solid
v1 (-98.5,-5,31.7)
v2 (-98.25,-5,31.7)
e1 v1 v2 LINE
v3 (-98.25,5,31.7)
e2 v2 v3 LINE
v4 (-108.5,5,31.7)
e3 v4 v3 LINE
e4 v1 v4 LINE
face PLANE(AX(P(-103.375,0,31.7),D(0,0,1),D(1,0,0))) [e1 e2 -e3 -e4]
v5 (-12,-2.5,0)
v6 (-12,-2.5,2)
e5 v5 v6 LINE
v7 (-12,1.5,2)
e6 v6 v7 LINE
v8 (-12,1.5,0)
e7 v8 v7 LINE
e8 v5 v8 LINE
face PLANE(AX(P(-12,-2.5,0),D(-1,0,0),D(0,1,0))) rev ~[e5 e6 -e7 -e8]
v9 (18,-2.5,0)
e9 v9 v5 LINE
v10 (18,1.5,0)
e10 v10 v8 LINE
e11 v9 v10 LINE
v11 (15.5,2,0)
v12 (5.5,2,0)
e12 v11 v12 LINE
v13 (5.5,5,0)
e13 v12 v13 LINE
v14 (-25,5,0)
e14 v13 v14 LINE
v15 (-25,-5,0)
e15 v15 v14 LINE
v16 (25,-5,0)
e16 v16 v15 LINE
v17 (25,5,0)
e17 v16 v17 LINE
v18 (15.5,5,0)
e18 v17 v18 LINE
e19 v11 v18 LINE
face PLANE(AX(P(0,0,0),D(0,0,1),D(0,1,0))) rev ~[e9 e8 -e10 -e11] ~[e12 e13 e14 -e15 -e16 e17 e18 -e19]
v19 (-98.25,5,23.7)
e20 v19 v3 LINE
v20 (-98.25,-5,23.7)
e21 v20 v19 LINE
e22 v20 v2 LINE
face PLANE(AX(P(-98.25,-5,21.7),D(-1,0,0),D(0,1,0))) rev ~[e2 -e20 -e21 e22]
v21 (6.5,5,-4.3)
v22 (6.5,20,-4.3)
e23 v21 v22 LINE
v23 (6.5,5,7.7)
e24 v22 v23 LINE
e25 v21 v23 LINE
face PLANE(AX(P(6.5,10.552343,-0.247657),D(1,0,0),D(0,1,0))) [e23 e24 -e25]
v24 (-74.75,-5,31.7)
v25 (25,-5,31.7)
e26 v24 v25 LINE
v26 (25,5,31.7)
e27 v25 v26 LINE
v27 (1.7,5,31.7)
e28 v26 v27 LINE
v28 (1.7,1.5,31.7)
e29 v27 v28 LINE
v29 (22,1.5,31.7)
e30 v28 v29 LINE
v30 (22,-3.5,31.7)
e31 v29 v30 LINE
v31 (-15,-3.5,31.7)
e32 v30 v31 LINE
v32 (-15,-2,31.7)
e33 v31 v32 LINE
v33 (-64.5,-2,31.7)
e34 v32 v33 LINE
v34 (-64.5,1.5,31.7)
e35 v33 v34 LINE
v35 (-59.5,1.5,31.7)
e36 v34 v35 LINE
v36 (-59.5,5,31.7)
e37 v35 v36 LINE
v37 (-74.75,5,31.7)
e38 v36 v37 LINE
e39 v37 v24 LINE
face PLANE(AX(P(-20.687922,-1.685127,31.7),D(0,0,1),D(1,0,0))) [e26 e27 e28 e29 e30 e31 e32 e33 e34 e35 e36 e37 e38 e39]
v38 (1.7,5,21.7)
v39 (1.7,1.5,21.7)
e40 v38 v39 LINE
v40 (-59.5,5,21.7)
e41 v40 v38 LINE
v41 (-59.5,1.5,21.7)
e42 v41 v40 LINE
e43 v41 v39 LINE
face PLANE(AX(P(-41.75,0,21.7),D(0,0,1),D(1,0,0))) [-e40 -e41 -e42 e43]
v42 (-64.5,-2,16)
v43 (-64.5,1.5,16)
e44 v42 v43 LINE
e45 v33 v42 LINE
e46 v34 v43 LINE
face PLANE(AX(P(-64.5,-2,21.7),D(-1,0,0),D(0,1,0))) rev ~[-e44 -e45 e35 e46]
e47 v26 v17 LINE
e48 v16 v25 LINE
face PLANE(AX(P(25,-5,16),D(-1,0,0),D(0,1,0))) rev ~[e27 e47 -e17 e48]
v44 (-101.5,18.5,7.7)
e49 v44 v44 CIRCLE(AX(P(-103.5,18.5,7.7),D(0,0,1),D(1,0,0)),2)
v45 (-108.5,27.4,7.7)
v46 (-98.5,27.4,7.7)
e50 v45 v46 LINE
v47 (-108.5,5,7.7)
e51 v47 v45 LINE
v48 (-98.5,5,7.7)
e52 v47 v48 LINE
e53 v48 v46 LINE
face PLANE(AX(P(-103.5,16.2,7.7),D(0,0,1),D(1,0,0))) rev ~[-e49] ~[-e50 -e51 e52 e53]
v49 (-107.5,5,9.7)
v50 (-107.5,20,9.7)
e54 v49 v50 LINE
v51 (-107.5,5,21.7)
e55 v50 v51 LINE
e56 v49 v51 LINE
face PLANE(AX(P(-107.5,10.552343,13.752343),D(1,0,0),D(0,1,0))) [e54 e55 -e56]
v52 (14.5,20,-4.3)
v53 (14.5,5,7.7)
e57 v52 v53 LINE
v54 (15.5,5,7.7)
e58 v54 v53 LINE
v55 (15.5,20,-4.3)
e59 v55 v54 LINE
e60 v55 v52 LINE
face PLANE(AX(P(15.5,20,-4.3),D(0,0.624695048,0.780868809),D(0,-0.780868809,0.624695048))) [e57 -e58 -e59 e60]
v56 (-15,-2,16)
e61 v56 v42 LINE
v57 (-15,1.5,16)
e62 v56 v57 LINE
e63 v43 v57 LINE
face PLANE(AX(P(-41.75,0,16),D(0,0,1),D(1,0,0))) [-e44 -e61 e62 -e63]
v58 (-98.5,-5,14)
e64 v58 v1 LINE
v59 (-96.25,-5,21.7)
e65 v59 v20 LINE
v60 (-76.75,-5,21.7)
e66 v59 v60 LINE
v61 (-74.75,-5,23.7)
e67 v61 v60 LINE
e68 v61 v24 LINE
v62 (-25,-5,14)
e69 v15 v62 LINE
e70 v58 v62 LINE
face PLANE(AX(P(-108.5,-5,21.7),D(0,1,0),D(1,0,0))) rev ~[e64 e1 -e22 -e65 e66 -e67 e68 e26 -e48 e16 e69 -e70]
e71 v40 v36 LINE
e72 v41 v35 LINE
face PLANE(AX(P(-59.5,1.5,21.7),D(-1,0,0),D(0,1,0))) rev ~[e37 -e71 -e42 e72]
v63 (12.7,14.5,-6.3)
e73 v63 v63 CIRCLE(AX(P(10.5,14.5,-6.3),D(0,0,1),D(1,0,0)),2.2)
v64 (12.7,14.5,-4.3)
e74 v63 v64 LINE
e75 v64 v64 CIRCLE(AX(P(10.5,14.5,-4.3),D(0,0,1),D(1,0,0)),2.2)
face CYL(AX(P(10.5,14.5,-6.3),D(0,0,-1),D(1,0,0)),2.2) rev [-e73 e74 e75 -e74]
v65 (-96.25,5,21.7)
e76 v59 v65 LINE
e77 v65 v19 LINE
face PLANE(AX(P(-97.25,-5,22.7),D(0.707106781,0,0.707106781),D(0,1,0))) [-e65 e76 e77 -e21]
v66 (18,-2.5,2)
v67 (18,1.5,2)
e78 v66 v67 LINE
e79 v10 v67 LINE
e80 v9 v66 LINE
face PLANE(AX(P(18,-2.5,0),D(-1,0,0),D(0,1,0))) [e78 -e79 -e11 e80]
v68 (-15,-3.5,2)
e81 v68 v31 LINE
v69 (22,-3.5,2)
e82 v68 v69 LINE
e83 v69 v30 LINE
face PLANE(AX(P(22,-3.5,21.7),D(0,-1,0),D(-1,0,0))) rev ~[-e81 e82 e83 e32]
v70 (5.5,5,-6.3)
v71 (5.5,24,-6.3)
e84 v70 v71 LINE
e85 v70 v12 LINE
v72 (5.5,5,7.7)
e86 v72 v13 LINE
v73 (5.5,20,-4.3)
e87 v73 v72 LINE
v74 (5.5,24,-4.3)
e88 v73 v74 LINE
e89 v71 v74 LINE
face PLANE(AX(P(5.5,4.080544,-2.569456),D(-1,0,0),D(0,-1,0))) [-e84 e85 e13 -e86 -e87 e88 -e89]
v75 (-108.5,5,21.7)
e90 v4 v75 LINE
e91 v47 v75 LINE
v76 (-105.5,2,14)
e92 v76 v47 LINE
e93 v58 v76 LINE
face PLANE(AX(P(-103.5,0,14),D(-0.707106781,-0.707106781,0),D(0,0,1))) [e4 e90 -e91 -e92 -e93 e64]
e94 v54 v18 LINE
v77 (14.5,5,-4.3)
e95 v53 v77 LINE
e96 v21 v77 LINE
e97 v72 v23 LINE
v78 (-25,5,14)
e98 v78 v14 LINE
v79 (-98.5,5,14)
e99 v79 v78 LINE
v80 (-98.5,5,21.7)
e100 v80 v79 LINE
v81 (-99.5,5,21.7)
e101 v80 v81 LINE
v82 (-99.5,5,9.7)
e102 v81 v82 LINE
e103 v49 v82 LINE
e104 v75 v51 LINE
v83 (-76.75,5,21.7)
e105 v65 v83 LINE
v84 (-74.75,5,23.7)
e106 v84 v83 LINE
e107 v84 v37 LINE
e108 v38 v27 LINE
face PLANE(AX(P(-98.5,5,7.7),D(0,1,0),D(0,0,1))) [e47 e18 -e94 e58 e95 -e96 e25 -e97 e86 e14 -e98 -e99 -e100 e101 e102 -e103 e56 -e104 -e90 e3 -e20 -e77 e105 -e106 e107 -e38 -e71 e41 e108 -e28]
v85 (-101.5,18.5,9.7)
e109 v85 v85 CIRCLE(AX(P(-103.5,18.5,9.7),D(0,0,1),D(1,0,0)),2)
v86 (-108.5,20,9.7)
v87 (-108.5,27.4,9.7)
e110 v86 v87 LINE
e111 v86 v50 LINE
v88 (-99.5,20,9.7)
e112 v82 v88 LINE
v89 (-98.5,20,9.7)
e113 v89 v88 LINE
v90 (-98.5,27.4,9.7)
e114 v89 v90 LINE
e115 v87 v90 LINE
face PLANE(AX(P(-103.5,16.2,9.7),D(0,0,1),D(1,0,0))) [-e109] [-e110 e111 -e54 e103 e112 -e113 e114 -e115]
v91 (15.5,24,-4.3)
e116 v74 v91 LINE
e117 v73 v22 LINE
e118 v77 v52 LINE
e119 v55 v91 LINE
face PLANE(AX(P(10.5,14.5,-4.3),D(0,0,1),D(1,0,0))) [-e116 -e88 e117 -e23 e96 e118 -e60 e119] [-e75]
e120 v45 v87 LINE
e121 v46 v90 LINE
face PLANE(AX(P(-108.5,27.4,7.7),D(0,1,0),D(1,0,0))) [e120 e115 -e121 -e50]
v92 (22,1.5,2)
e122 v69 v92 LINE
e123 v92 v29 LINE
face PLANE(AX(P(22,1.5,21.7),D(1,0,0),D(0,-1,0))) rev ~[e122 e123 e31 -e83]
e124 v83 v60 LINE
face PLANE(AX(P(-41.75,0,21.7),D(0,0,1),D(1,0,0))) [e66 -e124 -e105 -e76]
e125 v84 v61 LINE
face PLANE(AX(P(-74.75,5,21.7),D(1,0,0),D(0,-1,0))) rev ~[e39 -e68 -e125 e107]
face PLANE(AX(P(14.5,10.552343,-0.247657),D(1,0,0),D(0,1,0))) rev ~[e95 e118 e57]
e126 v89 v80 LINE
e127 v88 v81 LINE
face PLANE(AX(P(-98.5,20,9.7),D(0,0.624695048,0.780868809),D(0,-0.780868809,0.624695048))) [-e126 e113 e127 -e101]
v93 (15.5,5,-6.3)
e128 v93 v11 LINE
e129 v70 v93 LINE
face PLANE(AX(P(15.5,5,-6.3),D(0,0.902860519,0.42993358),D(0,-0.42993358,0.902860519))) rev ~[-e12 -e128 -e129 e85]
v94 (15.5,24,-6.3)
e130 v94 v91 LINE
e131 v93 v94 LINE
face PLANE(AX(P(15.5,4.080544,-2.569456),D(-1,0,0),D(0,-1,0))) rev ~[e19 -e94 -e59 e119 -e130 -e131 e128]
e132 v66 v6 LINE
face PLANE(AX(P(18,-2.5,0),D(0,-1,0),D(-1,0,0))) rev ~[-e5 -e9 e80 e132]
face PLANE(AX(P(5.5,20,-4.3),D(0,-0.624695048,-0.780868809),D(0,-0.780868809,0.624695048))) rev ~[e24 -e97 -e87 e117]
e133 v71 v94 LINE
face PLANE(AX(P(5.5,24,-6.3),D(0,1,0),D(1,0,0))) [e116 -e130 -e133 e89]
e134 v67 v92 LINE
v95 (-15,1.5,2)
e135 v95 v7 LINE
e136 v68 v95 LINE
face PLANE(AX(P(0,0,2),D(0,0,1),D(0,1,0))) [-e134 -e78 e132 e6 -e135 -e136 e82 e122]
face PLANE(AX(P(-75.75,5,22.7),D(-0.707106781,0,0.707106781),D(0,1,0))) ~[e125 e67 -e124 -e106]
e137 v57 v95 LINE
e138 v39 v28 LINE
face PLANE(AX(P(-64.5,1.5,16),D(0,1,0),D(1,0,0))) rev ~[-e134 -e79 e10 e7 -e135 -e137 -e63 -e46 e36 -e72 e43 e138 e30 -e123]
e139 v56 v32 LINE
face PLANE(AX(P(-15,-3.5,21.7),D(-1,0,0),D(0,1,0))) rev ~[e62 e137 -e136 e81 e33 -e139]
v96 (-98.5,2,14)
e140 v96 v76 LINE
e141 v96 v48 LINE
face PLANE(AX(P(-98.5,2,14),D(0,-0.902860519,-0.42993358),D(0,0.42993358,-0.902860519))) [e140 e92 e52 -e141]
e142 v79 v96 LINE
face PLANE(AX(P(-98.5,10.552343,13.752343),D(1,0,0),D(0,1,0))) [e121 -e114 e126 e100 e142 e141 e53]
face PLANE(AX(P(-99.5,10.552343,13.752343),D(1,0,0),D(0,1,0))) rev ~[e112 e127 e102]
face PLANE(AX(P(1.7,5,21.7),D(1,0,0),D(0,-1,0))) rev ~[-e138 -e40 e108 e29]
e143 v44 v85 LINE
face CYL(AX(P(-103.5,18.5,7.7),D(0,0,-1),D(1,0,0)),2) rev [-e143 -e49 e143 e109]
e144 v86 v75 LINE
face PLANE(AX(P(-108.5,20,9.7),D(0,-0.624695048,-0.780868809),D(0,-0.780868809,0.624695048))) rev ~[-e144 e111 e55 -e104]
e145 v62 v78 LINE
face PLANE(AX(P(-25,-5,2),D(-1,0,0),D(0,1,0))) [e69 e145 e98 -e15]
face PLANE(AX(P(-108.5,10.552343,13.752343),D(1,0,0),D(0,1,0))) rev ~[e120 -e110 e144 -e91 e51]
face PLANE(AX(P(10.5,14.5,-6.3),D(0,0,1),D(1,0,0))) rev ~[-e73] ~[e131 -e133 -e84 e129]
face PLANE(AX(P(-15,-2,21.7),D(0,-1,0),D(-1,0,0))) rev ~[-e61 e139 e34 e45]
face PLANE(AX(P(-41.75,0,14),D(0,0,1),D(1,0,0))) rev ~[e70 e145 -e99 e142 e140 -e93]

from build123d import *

# Parameters (mm, degrees)
SKETCH1_W            = 10
SKETCH1_H            = 50
SKETCH1_W_2          = 4
SKETCH1_H_2          = 30
BOSS_EXTRUDE1_DEPTH  = 2
SKETCH2_W            = 50
SKETCH2_H            = 10
SKETCH2_W_2          = 37
SKETCH2_H_2          = 5
BOSS_EXTRUDE2_DEPTH  = 12
SKETCH6_W            = 133.5
SKETCH6_H            = 10
SKETCH6_W_2          = 37
SKETCH6_H_2          = 5
BOSS_EXTRUDE7_DEPTH  = 2
SKETCH3_W            = 133.5
SKETCH3_H            = 10
BOSS_EXTRUDE3_DEPTH  = 5.7
SKETCH4_W            = 10.25
SKETCH4_H            = 10
BOSS_EXTRUDE4_DEPTH  = 10
CHAMFER1_SIZE        = 2
BOSS_EXTRUDE5_START  = -38
SKETCH5_W            = 10
SKETCH5_H            = 19
SKETCH5_R            = 2.2
BOSS_EXTRUDE5_DEPTH  = 2
BOSS_EXTRUDE6_START  = -24
SKETCH5_3_W          = 10
SKETCH5_3_H          = 22.4
SKETCH5_3_R          = 2
BOSS_EXTRUDE6_DEPTH  = 2
BOSS_EXTRUDE8_DEPTH  = 1
BOSS_EXTRUDE9_START  = -10
BOSS_EXTRUDE9_DEPTH  = 1
BOSS_EXTRUDE10_DEPTH = 1
BOSS_EXTRUDE11_START = -10
BOSS_EXTRUDE11_DEPTH = 1
BOSS_EXTRUDE12_START = -9.5
BOSS_EXTRUDE12_DEPTH = 10
BOSS_EXTRUDE13_DEPTH = 10
CHAMFER2_SIZE        = 10


with BuildPart() as part:
    # Sketch1 → Boss-Extrude1 (new body)
    with BuildSketch(Plane(origin=(0, 0, 0), x_dir=(0, 1, 0), z_dir=(0, 0, 1))):
        Rectangle(SKETCH1_W, SKETCH1_H)
        with Locations((-0.5, -3)):
            Rectangle(SKETCH1_W_2, SKETCH1_H_2, mode=Mode.SUBTRACT)
    extrude(amount=BOSS_EXTRUDE1_DEPTH)

    # Sketch2 → Boss-Extrude2 (add)
    with BuildSketch(Plane.XY.offset(2)):
        Rectangle(SKETCH2_W, SKETCH2_H)
        with Locations((3.5, -1)):
            Rectangle(SKETCH2_W_2, SKETCH2_H_2, mode=Mode.SUBTRACT)
    extrude(amount=BOSS_EXTRUDE2_DEPTH)

    # Sketch6 → Boss-Extrude7 (add)
    with BuildSketch(Plane.XY.offset(14)):
        with Locations((-41.75, 0)):
            Rectangle(SKETCH6_W, SKETCH6_H)
        with Locations((3.5, -1)):
            Rectangle(SKETCH6_W_2, SKETCH6_H_2, mode=Mode.SUBTRACT)
    extrude(amount=BOSS_EXTRUDE7_DEPTH)

    # Sketch3 → Boss-Extrude3 (add)
    with BuildSketch(Plane.XY.offset(16)):
        with Locations((-41.75, 0)):
            Rectangle(SKETCH3_W, SKETCH3_H)
        Polygon((22, -3.5), (-15, -3.5), (-15, -2), (-64.5, -2), (-64.5, 1.5), (22, 1.5), align=None, mode=Mode.SUBTRACT)
    extrude(amount=BOSS_EXTRUDE3_DEPTH)

    # Sketch4 → Boss-Extrude4 (add)
    with BuildSketch(Plane.XY.offset(21.7)):
        with Locations((-103.375, 0)):
            Rectangle(SKETCH4_W, SKETCH4_H)
        Polygon((-64.5, -2), (-64.5, 1.5), (-59.5, 1.5), (-59.5, 5), (-74.75, 5), (-74.75, -5), (25, -5), (25, 5), (1.7, 5), (1.7, 1.5), (22, 1.5), (22, -3.5), (-15, -3.5), (-15, -2), align=None)
    extrude(amount=BOSS_EXTRUDE4_DEPTH)

    # Chamfer1
    chamfer1_edges = [part.edges().sort_by_distance(p)[0] for p in [
        (-98.25, 0, 21.7),
        (-74.75, 0, 21.7),
    ]]
    chamfer(chamfer1_edges, length=CHAMFER1_SIZE)



with BuildPart() as body_2:
    # Sketch5 → Boss-Extrude5 (new body)
    with BuildSketch(Plane.XY.offset(31.7).offset(BOSS_EXTRUDE5_START)):
        with Locations((10.5, 14.5)):
            Rectangle(SKETCH5_W, SKETCH5_H)
        with Locations((10.5, 14.5)):
            Circle(SKETCH5_R, mode=Mode.SUBTRACT)
    extrude(amount=BOSS_EXTRUDE5_DEPTH)


with BuildPart() as body_3:
    # Sketch5<3> → Boss-Extrude6 (new body)
    with BuildSketch(Plane.XY.offset(31.7).offset(BOSS_EXTRUDE6_START)):
        with Locations((-103.5, 16.2)):
            Rectangle(SKETCH5_3_W, SKETCH5_3_H)
        with Locations((-103.5, 18.5)):
            Circle(SKETCH5_3_R, mode=Mode.SUBTRACT)
    extrude(amount=BOSS_EXTRUDE6_DEPTH)


with BuildPart() as part_1:
    add(part.part)

    add(body_2.part)  # Boss-Extrude8 merges body 2
    # Sketch7 → Boss-Extrude8 (add)
    with BuildSketch(Plane.YZ.offset(15.5)):
        Polygon((5, -4.3), (20, -4.3), (5, 7.7), align=None)
    extrude(amount=-BOSS_EXTRUDE8_DEPTH)

    # Sketch7<2> → Boss-Extrude9 (add)
    with BuildSketch(Plane.YZ.offset(15.5).offset(BOSS_EXTRUDE9_START)):
        Polygon((5, -4.3), (20, -4.3), (5, 7.7), align=None)
    extrude(amount=BOSS_EXTRUDE9_DEPTH)


    add(body_3.part)  # Boss-Extrude10 merges body 3
    # Sketch8 → Boss-Extrude10 (add)
    with BuildSketch(Plane.YZ.offset(-98.5)):
        Polygon((5, 9.7), (20, 9.7), (5, 21.7), align=None)
    extrude(amount=-BOSS_EXTRUDE10_DEPTH)

    # Sketch8<2> → Boss-Extrude11 (add)
    with BuildSketch(Plane.YZ.offset(-98.5).offset(BOSS_EXTRUDE11_START)):
        Polygon((5, 9.7), (20, 9.7), (5, 21.7), align=None)
    extrude(amount=BOSS_EXTRUDE11_DEPTH)

    # Sketch9 → Boss-Extrude12 (add)
    with BuildSketch(Plane.YZ.offset(25).offset(BOSS_EXTRUDE12_START)):
        Polygon((5, -6.3), (2, 0), (5, 0), align=None)
    extrude(amount=-BOSS_EXTRUDE12_DEPTH)

    # Sketch10 → Boss-Extrude13 (add)
    with BuildSketch(Plane.YZ.offset(-98.5)):
        Polygon((5, 7.7), (5, 14), (2, 14), align=None)
    extrude(amount=-BOSS_EXTRUDE13_DEPTH)

    # Chamfer2
    chamfer2_edges = [part_1.edges().sort_by_distance(p)[0] for p in [
        (-108.5, -5, 22.85),
    ]]
    chamfer(chamfer2_edges, length=CHAMFER2_SIZE)


solid = part_1.part
